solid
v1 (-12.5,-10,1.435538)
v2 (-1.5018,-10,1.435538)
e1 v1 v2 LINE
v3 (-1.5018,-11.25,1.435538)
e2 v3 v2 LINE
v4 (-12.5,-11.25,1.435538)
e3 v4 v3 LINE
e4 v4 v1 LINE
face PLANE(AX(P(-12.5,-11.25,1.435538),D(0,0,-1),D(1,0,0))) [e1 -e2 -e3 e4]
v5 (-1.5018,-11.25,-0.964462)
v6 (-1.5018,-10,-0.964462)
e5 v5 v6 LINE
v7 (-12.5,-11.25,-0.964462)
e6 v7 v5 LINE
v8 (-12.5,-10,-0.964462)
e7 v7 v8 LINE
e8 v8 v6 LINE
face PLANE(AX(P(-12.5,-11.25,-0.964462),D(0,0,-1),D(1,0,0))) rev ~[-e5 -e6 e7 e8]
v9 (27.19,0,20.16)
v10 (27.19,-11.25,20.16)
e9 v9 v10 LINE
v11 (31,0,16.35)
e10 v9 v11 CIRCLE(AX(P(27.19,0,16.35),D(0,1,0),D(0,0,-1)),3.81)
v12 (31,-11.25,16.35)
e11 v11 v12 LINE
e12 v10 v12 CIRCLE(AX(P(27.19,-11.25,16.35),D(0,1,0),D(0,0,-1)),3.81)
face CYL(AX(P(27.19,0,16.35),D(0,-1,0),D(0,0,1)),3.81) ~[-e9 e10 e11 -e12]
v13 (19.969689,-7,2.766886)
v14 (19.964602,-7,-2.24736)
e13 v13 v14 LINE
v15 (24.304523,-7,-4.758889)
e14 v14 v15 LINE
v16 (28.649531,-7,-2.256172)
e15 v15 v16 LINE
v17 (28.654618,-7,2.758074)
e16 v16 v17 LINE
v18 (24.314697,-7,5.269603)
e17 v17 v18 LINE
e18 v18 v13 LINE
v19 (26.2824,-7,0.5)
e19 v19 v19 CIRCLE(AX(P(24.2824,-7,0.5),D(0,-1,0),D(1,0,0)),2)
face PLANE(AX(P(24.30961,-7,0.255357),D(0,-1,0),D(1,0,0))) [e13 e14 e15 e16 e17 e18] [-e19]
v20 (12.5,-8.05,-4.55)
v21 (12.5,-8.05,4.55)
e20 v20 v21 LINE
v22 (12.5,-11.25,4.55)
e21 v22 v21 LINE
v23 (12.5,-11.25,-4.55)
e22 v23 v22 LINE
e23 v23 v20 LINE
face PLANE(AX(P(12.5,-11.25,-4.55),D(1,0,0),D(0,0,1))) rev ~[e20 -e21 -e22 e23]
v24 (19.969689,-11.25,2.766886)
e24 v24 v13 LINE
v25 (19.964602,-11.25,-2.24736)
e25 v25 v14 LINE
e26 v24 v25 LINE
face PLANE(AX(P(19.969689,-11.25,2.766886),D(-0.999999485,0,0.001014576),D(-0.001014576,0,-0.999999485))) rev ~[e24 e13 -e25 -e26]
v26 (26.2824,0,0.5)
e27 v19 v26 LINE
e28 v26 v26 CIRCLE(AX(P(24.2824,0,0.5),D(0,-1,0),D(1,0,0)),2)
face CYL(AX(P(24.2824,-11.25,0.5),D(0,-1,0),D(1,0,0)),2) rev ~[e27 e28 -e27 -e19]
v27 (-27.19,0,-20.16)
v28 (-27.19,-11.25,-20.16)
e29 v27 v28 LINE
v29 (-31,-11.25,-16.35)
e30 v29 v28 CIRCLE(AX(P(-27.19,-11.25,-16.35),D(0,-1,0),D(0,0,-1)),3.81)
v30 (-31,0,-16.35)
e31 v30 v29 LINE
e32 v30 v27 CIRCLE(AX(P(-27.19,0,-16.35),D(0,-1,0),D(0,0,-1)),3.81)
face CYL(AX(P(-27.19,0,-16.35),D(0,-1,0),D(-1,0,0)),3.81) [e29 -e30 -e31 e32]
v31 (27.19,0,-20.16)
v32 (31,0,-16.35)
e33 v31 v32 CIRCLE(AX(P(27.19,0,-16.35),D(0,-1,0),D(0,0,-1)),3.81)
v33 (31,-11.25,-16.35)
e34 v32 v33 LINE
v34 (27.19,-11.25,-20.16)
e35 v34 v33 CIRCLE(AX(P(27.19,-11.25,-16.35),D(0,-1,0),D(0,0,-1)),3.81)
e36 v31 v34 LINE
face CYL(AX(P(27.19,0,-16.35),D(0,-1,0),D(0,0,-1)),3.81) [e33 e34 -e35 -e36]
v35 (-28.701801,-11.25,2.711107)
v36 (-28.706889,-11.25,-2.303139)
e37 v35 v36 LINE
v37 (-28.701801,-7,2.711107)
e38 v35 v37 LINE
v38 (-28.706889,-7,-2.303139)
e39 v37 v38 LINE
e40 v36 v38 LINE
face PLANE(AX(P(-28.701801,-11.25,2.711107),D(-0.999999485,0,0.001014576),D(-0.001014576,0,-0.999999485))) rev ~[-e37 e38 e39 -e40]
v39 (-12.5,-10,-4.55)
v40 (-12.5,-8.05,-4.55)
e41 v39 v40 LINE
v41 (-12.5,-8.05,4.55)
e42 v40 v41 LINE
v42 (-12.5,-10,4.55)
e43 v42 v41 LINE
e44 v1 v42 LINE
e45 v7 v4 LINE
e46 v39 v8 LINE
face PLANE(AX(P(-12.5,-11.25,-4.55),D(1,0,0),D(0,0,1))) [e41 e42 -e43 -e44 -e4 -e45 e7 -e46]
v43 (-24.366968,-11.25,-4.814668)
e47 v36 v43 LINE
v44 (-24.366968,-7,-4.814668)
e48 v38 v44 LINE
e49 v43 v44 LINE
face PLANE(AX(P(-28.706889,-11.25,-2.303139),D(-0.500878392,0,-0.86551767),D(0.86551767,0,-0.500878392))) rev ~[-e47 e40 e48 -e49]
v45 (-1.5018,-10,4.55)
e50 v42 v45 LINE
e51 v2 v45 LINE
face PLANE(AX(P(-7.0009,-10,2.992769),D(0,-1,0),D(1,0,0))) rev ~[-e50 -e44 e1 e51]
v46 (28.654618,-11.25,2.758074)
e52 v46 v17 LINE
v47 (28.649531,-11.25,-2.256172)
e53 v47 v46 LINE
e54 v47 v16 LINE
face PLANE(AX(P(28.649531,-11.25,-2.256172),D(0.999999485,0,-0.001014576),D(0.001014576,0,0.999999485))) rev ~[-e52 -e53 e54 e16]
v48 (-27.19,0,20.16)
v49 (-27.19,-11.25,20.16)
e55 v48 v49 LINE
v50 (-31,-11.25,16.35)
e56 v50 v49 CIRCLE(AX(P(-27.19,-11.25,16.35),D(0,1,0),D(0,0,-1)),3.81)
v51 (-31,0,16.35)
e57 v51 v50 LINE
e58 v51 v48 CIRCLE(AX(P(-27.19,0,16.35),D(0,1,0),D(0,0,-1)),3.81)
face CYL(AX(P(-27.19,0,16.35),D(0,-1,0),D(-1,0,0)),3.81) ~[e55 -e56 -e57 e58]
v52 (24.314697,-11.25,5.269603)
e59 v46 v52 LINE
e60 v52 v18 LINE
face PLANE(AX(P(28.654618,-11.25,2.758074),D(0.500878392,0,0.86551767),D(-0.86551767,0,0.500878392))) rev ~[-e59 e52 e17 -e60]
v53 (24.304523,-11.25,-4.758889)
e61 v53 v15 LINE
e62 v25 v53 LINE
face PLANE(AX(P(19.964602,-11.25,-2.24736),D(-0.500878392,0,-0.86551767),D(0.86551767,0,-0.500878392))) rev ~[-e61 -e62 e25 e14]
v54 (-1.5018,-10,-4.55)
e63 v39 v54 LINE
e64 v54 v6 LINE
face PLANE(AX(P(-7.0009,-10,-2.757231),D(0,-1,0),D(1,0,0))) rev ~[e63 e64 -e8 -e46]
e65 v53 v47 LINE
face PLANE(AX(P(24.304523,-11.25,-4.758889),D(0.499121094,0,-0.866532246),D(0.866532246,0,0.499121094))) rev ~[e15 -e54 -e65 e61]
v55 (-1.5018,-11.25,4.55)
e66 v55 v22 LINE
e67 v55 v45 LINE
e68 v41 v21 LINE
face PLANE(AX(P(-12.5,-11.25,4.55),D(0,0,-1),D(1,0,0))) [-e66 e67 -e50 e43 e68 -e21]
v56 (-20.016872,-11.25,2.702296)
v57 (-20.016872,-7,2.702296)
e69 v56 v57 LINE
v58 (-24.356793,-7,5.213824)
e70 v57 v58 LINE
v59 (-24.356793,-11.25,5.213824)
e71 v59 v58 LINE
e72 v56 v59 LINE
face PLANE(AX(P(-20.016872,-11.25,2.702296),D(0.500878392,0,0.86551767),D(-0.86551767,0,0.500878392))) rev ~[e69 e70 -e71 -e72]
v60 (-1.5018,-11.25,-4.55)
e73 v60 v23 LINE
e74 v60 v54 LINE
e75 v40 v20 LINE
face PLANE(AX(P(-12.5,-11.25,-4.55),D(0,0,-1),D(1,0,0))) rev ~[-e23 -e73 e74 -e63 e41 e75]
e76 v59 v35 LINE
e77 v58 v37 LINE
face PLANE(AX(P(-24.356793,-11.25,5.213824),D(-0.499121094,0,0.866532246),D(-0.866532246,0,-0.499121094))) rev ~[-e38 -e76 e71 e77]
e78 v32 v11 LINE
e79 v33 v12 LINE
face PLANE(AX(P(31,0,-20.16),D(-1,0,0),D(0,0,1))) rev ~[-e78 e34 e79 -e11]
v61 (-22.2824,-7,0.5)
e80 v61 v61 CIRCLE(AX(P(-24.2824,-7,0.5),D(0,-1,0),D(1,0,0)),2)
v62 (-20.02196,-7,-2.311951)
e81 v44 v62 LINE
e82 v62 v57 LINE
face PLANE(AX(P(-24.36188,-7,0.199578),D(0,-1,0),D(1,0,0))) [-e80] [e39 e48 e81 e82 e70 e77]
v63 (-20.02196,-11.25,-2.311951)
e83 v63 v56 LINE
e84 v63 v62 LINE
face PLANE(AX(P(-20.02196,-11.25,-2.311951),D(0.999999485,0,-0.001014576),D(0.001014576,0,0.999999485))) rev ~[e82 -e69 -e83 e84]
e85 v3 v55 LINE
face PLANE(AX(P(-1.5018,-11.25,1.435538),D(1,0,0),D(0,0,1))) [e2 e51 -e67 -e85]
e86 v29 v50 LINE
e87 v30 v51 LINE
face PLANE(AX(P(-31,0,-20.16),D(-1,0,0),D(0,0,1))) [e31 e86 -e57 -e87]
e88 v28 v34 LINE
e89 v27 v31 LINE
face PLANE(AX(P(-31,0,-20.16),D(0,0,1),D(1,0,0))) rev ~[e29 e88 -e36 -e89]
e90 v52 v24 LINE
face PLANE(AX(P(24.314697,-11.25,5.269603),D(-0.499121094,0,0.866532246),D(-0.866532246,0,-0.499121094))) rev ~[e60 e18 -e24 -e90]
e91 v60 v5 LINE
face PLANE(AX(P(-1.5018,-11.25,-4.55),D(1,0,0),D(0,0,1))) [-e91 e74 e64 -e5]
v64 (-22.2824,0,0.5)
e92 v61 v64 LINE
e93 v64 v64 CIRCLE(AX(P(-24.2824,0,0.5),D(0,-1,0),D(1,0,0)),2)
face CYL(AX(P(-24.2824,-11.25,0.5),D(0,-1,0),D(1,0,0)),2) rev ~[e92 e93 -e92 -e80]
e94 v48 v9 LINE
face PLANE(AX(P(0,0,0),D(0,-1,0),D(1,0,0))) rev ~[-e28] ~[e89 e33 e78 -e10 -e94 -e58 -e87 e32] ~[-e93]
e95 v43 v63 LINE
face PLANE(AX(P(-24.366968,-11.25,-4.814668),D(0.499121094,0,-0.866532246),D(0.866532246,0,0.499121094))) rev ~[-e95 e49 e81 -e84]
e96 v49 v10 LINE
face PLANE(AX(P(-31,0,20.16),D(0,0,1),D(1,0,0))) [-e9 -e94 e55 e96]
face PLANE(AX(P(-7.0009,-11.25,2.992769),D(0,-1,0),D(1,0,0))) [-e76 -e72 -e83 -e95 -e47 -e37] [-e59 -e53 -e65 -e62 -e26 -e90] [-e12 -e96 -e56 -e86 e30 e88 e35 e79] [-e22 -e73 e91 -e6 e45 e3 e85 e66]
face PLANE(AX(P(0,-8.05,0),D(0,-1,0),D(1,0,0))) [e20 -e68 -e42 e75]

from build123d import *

# Parameters (mm, degrees)
F0_W      = 62
F0_H      = 40.32
F1_DEPTH  = 11.25
F2_W      = 25
F2_H      = 9.1
F3_DEPTH  = 3.2
F4_W      = 10.9982
F4_H      = 3.1144623497
F4_H_2    = 3.5855376503
F5_DEPTH  = 1.25
F6_R      = 3.81
F7_R      = 2
F8_DEPTH  = 15.24
F10_DEPTH = 4.25


with BuildPart() as f1:
    # F0 (on Front) → F1 (new body)
    with BuildSketch(Plane.XZ):
        Rectangle(F0_W, F0_H)
    extrude(amount=F1_DEPTH)

    # F2 (on face) → F3 (cut)
    with BuildSketch(Plane.XZ.offset(11.25)):
        Rectangle(F2_W, F2_H)
    extrude(amount=-F3_DEPTH, mode=Mode.SUBTRACT)

    # F4 (on face) → F5 (join)
    with BuildSketch(Plane.XZ.offset(11.25)):
        with Locations((-7.0009, 2.9927688252)):
            Rectangle(F4_W, F4_H)
        with Locations((-7.0009, -2.7572311748)):
            Rectangle(F4_W, F4_H_2)
    extrude(amount=-F5_DEPTH)

    # F6
    f6_edges = [f1.edges().sort_by_distance(p)[0] for p in [
        (-31, -5.625, 20.16),
        (31, -5.625, 20.16),
        (31, -5.625, -20.16),
        (-31, -5.625, -20.16),
    ]]
    fillet(f6_edges, radius=F6_R)

    # F7 (on face) → F8 (cut)
    with BuildSketch(Plane.XZ.offset(11.25)):
        with Locations((-24.2824, 0.5)):
            Circle(F7_R)
        with Locations((24.2824, 0.5)):
            Circle(F7_R)
    extrude(amount=-F8_DEPTH, mode=Mode.SUBTRACT)

    # F9 (on face) → F10 (cut)
    with BuildSketch(Plane.XZ.offset(11.25)):
        Polygon((-24.3669678343, -4.8146678066), (-20.021959685, -2.3119505341), (-20.0168723469, 2.7022955391), (-24.356793158, 5.2138243397), (-28.7018013073, 2.7111070672), (-28.7068886454, -2.3031390059), align=None)
        Polygon((24.3045226557, -4.7588889519), (28.6495308049, -2.2561716794), (28.654618143, 2.7580743938), (24.3146973319, 5.2696031944), (19.9696891827, 2.7668859219), (19.9646018445, -2.2473601513), align=None)
    extrude(amount=-F10_DEPTH, mode=Mode.SUBTRACT)


solid = f1.part
